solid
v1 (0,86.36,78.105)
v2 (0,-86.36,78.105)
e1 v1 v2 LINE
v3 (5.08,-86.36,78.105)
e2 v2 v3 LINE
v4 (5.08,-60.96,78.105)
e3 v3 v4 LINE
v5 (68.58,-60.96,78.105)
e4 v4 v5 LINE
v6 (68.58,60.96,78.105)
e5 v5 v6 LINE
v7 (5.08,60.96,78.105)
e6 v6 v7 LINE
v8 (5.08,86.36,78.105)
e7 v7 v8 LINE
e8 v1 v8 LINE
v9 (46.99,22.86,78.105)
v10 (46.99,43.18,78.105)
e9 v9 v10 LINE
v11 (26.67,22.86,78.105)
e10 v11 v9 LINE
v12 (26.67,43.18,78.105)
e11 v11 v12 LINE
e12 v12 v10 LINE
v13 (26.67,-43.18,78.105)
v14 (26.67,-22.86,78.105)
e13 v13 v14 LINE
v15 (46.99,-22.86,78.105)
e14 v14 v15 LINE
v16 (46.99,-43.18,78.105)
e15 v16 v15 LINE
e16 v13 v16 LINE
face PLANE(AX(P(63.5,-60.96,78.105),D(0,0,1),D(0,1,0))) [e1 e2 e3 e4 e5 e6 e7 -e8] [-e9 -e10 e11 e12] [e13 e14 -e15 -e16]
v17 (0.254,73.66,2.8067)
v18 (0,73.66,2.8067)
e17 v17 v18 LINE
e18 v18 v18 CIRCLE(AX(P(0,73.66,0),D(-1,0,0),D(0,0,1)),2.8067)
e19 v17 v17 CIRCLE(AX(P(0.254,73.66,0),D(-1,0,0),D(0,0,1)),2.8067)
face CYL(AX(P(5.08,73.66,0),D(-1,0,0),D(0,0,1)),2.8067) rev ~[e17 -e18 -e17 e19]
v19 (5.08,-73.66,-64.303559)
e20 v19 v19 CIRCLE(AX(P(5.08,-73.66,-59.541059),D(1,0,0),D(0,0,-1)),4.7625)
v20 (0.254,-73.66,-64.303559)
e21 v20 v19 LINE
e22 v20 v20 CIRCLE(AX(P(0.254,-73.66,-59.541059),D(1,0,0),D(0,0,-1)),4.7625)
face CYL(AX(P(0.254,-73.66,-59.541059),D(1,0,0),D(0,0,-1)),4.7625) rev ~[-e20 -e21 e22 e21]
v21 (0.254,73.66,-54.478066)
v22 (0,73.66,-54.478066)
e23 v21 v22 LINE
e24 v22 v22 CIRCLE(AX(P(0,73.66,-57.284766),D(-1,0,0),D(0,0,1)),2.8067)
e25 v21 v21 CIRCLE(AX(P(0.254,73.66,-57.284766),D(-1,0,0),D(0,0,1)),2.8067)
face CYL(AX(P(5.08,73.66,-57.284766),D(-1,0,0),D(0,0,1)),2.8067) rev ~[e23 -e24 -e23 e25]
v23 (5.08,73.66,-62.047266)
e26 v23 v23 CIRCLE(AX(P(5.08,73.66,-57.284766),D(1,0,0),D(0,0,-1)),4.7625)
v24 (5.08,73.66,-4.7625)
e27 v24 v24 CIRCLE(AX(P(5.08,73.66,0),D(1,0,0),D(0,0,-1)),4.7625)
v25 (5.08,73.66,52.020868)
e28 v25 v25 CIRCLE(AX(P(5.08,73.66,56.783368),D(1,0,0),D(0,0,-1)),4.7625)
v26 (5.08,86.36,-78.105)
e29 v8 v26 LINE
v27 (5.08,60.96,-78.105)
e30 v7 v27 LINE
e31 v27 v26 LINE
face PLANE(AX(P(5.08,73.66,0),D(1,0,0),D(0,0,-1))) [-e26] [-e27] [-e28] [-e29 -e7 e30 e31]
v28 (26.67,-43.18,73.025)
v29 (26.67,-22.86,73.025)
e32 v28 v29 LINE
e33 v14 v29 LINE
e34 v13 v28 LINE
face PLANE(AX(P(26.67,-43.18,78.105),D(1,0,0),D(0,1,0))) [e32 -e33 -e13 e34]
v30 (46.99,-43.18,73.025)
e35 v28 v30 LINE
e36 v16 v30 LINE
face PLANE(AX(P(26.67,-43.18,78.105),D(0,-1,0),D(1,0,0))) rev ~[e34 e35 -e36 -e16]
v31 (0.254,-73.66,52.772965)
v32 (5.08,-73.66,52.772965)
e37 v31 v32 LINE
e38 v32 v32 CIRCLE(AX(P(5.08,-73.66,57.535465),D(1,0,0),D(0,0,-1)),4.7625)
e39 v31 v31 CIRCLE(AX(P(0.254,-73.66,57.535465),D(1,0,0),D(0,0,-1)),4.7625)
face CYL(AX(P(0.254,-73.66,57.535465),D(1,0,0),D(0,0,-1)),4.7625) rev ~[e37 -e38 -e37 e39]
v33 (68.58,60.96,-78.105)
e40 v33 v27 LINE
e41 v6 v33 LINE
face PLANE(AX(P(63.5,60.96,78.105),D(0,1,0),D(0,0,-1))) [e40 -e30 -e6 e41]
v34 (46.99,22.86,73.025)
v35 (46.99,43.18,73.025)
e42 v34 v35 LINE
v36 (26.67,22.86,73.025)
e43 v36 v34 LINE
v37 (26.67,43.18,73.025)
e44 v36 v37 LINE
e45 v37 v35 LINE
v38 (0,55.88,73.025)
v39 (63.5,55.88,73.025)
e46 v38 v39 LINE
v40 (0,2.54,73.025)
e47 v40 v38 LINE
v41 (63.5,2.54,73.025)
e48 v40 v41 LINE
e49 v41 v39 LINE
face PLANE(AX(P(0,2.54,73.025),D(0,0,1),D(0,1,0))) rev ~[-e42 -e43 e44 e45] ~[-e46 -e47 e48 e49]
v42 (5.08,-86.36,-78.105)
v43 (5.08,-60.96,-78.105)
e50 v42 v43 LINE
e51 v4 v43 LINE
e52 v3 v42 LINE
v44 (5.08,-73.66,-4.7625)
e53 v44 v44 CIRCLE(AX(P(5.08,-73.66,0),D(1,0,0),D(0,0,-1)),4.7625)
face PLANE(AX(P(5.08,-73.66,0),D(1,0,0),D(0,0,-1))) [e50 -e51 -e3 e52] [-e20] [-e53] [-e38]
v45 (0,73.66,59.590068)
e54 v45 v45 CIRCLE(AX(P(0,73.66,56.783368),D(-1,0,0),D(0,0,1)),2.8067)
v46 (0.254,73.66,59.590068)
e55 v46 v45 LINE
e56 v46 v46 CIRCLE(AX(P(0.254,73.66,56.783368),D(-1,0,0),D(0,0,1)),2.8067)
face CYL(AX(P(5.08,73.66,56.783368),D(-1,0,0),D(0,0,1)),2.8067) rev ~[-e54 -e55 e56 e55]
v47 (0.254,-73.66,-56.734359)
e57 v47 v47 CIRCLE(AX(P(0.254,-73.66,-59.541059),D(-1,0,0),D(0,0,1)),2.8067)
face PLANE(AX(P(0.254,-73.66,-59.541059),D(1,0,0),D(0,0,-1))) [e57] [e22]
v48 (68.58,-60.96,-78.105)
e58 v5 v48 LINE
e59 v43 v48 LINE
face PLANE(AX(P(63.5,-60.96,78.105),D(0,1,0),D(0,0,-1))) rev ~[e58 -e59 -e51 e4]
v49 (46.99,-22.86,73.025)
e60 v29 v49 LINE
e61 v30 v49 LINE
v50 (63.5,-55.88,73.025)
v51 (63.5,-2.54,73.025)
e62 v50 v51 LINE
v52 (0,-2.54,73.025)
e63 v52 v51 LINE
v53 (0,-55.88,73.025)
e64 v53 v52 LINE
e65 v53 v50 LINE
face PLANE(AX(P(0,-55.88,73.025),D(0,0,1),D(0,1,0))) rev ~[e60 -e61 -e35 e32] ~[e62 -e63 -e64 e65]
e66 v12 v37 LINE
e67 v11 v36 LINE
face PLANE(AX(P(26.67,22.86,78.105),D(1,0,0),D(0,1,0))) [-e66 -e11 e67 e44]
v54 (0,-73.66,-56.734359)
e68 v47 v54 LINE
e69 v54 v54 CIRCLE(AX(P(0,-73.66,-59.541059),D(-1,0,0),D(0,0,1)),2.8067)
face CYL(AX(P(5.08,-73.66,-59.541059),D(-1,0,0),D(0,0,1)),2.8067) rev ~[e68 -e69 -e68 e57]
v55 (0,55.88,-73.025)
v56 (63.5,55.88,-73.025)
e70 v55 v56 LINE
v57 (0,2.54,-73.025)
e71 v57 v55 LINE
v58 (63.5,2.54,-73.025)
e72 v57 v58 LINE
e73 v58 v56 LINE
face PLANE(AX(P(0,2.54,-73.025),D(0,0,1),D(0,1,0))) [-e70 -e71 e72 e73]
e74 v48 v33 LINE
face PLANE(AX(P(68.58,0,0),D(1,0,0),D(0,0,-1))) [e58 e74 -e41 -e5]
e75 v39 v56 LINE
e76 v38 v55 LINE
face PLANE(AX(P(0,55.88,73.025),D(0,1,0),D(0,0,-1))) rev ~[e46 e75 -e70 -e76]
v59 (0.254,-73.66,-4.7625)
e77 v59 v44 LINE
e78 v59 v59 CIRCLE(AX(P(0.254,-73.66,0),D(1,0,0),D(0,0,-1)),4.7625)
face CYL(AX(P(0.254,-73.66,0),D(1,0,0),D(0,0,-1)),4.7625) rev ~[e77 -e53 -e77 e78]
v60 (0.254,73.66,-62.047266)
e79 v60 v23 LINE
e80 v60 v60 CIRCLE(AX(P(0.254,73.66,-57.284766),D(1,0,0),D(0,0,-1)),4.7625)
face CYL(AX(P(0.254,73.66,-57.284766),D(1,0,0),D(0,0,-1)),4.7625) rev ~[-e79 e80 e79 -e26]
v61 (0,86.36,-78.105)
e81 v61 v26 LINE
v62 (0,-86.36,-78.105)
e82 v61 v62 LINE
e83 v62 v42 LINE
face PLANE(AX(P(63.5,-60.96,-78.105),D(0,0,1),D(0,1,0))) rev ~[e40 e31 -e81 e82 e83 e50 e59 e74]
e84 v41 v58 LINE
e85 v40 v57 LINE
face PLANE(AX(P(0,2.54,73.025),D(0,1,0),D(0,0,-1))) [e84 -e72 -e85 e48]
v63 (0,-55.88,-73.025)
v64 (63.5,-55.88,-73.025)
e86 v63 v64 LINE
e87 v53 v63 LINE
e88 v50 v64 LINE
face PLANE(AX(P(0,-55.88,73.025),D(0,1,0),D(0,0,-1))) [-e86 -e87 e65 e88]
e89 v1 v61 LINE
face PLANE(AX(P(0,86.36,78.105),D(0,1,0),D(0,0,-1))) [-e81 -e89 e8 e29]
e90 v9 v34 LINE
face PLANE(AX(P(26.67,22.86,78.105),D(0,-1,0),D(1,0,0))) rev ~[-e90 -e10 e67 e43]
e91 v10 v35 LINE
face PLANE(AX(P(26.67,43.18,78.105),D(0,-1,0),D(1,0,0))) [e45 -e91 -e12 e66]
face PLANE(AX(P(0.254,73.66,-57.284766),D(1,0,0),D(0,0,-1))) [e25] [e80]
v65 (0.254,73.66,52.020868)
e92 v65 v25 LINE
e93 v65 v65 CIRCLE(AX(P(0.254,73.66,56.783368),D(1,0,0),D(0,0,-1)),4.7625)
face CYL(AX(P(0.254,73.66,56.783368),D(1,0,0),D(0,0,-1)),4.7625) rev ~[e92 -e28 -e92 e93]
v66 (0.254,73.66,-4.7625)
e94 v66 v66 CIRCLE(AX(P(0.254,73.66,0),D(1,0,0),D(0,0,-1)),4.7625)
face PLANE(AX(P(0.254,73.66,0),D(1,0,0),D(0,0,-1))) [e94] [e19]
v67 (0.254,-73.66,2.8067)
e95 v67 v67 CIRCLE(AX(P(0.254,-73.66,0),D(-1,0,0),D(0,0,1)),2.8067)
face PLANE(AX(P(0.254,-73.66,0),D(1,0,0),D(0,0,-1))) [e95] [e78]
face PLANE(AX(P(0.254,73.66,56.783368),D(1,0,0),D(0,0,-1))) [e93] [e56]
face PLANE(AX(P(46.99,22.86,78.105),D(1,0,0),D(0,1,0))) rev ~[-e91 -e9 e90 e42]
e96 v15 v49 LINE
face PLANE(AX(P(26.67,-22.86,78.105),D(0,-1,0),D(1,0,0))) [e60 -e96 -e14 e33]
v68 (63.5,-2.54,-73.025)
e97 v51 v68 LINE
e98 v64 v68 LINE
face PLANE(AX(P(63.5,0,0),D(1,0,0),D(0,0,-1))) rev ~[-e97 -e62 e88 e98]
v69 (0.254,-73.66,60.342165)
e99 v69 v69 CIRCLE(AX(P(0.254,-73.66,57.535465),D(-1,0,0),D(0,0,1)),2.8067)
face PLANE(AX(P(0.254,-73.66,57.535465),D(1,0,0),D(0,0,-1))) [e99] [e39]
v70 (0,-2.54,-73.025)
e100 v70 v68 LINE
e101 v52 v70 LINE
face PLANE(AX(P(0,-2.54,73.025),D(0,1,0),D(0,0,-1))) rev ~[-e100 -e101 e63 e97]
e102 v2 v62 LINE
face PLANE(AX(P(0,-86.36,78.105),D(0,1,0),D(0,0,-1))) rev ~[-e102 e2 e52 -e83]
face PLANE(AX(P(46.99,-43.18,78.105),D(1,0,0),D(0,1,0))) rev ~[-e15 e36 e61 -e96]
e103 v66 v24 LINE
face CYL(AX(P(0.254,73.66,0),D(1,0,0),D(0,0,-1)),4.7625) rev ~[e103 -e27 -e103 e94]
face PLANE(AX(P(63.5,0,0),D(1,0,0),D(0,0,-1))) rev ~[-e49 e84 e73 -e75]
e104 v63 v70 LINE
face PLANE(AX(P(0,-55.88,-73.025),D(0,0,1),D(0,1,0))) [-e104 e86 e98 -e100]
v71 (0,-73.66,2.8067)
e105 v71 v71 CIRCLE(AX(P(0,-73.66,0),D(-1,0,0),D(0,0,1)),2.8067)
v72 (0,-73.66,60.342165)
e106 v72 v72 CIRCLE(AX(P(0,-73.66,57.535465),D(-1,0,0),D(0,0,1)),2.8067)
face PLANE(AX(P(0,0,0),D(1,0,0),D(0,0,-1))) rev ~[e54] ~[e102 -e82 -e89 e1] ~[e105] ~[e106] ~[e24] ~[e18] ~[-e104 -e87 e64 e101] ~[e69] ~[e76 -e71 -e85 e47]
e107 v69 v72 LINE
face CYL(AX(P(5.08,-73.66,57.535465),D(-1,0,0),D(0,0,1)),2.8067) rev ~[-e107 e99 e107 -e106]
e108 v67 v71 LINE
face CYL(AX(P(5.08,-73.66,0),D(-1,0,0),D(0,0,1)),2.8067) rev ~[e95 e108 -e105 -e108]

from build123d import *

# Parameters (mm, degrees)
SKETCH1_W                                       = 156.21
SKETCH1_H                                       = 25.4
BOSS_EXTRUDE1_DEPTH                             = 5.08
BOSS_EXTRUDE1_2_DEPTH                           = 5.08
SKETCH1_3_W                                     = 156.21
SKETCH1_3_H                                     = 121.92
SKETCH1_3_W_2                                   = 146.05
SKETCH1_3_H_2                                   = 53.34
BOSS_EXTRUDE2_DEPTH                             = 63.5
SKETCH2_W                                       = 156.21
SKETCH2_H                                       = 121.92
BOSS_EXTRUDE3_DEPTH                             = 5.08
SKETCH3_W                                       = 20.32
SKETCH3_H                                       = 20.32
CUT_EXTRUDE1_DEPTH                              = 5.08
CBORE_FOR_10_SOCKET_HEAD_CAP_SCREW1_D           = 5.6134
CBORE_FOR_10_SOCKET_HEAD_CAP_SCREW1_CBORE_D     = 9.525
CBORE_FOR_10_SOCKET_HEAD_CAP_SCREW1_CBORE_DEPTH = 4.826
CBORE_FOR_10_SOCKET_HEAD_CAP_SCREW2_D           = 5.6134
CBORE_FOR_10_SOCKET_HEAD_CAP_SCREW2_CBORE_D     = 9.525
CBORE_FOR_10_SOCKET_HEAD_CAP_SCREW2_CBORE_DEPTH = 4.826


with BuildPart() as part:
    # Sketch1 → Boss-Extrude1 (new body)
    with BuildSketch(Plane(origin=(0, 0, 0), x_dir=(0, 0, -1), z_dir=(1, 0, 0))):
        with Locations((0, 73.66)):
            Rectangle(SKETCH1_W, SKETCH1_H)
    extrude(amount=BOSS_EXTRUDE1_DEPTH)



with BuildPart() as body_2:
    # Sketch1 → Boss-Extrude1 2 (new body)
    with BuildSketch(Plane(origin=(0, 0, 0), x_dir=(0, 0, -1), z_dir=(1, 0, 0))):
        with Locations((0, -73.66)):
            Rectangle(SKETCH1_W, SKETCH1_H)
    extrude(amount=BOSS_EXTRUDE1_2_DEPTH)


with BuildPart() as part_1:
    add(part.part)

    add(body_2.part)  # Boss-Extrude2 merges body 2
    # Sketch1<3> → Boss-Extrude2 (add)
    with BuildSketch(Plane(origin=(0, 0, 0), x_dir=(0, 0, -1), z_dir=(1, 0, 0))):
        Rectangle(SKETCH1_3_W, SKETCH1_3_H)
        with Locations((0, -29.21)):
            Rectangle(SKETCH1_3_W_2, SKETCH1_3_H_2, mode=Mode.SUBTRACT)
        with Locations((0, 29.21)):
            Rectangle(SKETCH1_3_W_2, SKETCH1_3_H_2, mode=Mode.SUBTRACT)
    extrude(amount=BOSS_EXTRUDE2_DEPTH)

    # Sketch2 → Boss-Extrude3 (add)
    with BuildSketch(Plane(origin=(63.5, 0, 0), x_dir=(0, 0, -1), z_dir=(1, 0, 0))):
        Rectangle(SKETCH2_W, SKETCH2_H)
    extrude(amount=BOSS_EXTRUDE3_DEPTH)

    # Sketch3 → Cut-Extrude1 (cut)
    with BuildSketch(Plane.XY.offset(78.105)):
        with Locations((36.83, 33.02)):
            Rectangle(SKETCH3_W, SKETCH3_H)
        with Locations((36.83, -33.02)):
            Rectangle(SKETCH3_W, SKETCH3_H)
    extrude(amount=-CUT_EXTRUDE1_DEPTH, mode=Mode.SUBTRACT)

    # CBORE for #10 Socket Head Cap Screw1 (through all)
    with Locations(Plane(origin=(5.08, 0, 0), x_dir=(0, 0, -1), z_dir=(1, 0, 0))):
        with Locations((0, 73.66), (-56.783367635, 73.66), (57.284766025, 73.66)):
            CounterBoreHole(CBORE_FOR_10_SOCKET_HEAD_CAP_SCREW1_D / 2, CBORE_FOR_10_SOCKET_HEAD_CAP_SCREW1_CBORE_D / 2, CBORE_FOR_10_SOCKET_HEAD_CAP_SCREW1_CBORE_DEPTH)

    # CBORE for #10 Socket Head Cap Screw2 (through all)
    with Locations(Plane(origin=(5.08, 0, 0), x_dir=(0, 0, -1), z_dir=(1, 0, 0))):
        with Locations((0, -73.66), (-57.53546522, -73.66), (59.541058779, -73.66)):
            CounterBoreHole(CBORE_FOR_10_SOCKET_HEAD_CAP_SCREW2_D / 2, CBORE_FOR_10_SOCKET_HEAD_CAP_SCREW2_CBORE_D / 2, CBORE_FOR_10_SOCKET_HEAD_CAP_SCREW2_CBORE_DEPTH)


solid = part_1.part
